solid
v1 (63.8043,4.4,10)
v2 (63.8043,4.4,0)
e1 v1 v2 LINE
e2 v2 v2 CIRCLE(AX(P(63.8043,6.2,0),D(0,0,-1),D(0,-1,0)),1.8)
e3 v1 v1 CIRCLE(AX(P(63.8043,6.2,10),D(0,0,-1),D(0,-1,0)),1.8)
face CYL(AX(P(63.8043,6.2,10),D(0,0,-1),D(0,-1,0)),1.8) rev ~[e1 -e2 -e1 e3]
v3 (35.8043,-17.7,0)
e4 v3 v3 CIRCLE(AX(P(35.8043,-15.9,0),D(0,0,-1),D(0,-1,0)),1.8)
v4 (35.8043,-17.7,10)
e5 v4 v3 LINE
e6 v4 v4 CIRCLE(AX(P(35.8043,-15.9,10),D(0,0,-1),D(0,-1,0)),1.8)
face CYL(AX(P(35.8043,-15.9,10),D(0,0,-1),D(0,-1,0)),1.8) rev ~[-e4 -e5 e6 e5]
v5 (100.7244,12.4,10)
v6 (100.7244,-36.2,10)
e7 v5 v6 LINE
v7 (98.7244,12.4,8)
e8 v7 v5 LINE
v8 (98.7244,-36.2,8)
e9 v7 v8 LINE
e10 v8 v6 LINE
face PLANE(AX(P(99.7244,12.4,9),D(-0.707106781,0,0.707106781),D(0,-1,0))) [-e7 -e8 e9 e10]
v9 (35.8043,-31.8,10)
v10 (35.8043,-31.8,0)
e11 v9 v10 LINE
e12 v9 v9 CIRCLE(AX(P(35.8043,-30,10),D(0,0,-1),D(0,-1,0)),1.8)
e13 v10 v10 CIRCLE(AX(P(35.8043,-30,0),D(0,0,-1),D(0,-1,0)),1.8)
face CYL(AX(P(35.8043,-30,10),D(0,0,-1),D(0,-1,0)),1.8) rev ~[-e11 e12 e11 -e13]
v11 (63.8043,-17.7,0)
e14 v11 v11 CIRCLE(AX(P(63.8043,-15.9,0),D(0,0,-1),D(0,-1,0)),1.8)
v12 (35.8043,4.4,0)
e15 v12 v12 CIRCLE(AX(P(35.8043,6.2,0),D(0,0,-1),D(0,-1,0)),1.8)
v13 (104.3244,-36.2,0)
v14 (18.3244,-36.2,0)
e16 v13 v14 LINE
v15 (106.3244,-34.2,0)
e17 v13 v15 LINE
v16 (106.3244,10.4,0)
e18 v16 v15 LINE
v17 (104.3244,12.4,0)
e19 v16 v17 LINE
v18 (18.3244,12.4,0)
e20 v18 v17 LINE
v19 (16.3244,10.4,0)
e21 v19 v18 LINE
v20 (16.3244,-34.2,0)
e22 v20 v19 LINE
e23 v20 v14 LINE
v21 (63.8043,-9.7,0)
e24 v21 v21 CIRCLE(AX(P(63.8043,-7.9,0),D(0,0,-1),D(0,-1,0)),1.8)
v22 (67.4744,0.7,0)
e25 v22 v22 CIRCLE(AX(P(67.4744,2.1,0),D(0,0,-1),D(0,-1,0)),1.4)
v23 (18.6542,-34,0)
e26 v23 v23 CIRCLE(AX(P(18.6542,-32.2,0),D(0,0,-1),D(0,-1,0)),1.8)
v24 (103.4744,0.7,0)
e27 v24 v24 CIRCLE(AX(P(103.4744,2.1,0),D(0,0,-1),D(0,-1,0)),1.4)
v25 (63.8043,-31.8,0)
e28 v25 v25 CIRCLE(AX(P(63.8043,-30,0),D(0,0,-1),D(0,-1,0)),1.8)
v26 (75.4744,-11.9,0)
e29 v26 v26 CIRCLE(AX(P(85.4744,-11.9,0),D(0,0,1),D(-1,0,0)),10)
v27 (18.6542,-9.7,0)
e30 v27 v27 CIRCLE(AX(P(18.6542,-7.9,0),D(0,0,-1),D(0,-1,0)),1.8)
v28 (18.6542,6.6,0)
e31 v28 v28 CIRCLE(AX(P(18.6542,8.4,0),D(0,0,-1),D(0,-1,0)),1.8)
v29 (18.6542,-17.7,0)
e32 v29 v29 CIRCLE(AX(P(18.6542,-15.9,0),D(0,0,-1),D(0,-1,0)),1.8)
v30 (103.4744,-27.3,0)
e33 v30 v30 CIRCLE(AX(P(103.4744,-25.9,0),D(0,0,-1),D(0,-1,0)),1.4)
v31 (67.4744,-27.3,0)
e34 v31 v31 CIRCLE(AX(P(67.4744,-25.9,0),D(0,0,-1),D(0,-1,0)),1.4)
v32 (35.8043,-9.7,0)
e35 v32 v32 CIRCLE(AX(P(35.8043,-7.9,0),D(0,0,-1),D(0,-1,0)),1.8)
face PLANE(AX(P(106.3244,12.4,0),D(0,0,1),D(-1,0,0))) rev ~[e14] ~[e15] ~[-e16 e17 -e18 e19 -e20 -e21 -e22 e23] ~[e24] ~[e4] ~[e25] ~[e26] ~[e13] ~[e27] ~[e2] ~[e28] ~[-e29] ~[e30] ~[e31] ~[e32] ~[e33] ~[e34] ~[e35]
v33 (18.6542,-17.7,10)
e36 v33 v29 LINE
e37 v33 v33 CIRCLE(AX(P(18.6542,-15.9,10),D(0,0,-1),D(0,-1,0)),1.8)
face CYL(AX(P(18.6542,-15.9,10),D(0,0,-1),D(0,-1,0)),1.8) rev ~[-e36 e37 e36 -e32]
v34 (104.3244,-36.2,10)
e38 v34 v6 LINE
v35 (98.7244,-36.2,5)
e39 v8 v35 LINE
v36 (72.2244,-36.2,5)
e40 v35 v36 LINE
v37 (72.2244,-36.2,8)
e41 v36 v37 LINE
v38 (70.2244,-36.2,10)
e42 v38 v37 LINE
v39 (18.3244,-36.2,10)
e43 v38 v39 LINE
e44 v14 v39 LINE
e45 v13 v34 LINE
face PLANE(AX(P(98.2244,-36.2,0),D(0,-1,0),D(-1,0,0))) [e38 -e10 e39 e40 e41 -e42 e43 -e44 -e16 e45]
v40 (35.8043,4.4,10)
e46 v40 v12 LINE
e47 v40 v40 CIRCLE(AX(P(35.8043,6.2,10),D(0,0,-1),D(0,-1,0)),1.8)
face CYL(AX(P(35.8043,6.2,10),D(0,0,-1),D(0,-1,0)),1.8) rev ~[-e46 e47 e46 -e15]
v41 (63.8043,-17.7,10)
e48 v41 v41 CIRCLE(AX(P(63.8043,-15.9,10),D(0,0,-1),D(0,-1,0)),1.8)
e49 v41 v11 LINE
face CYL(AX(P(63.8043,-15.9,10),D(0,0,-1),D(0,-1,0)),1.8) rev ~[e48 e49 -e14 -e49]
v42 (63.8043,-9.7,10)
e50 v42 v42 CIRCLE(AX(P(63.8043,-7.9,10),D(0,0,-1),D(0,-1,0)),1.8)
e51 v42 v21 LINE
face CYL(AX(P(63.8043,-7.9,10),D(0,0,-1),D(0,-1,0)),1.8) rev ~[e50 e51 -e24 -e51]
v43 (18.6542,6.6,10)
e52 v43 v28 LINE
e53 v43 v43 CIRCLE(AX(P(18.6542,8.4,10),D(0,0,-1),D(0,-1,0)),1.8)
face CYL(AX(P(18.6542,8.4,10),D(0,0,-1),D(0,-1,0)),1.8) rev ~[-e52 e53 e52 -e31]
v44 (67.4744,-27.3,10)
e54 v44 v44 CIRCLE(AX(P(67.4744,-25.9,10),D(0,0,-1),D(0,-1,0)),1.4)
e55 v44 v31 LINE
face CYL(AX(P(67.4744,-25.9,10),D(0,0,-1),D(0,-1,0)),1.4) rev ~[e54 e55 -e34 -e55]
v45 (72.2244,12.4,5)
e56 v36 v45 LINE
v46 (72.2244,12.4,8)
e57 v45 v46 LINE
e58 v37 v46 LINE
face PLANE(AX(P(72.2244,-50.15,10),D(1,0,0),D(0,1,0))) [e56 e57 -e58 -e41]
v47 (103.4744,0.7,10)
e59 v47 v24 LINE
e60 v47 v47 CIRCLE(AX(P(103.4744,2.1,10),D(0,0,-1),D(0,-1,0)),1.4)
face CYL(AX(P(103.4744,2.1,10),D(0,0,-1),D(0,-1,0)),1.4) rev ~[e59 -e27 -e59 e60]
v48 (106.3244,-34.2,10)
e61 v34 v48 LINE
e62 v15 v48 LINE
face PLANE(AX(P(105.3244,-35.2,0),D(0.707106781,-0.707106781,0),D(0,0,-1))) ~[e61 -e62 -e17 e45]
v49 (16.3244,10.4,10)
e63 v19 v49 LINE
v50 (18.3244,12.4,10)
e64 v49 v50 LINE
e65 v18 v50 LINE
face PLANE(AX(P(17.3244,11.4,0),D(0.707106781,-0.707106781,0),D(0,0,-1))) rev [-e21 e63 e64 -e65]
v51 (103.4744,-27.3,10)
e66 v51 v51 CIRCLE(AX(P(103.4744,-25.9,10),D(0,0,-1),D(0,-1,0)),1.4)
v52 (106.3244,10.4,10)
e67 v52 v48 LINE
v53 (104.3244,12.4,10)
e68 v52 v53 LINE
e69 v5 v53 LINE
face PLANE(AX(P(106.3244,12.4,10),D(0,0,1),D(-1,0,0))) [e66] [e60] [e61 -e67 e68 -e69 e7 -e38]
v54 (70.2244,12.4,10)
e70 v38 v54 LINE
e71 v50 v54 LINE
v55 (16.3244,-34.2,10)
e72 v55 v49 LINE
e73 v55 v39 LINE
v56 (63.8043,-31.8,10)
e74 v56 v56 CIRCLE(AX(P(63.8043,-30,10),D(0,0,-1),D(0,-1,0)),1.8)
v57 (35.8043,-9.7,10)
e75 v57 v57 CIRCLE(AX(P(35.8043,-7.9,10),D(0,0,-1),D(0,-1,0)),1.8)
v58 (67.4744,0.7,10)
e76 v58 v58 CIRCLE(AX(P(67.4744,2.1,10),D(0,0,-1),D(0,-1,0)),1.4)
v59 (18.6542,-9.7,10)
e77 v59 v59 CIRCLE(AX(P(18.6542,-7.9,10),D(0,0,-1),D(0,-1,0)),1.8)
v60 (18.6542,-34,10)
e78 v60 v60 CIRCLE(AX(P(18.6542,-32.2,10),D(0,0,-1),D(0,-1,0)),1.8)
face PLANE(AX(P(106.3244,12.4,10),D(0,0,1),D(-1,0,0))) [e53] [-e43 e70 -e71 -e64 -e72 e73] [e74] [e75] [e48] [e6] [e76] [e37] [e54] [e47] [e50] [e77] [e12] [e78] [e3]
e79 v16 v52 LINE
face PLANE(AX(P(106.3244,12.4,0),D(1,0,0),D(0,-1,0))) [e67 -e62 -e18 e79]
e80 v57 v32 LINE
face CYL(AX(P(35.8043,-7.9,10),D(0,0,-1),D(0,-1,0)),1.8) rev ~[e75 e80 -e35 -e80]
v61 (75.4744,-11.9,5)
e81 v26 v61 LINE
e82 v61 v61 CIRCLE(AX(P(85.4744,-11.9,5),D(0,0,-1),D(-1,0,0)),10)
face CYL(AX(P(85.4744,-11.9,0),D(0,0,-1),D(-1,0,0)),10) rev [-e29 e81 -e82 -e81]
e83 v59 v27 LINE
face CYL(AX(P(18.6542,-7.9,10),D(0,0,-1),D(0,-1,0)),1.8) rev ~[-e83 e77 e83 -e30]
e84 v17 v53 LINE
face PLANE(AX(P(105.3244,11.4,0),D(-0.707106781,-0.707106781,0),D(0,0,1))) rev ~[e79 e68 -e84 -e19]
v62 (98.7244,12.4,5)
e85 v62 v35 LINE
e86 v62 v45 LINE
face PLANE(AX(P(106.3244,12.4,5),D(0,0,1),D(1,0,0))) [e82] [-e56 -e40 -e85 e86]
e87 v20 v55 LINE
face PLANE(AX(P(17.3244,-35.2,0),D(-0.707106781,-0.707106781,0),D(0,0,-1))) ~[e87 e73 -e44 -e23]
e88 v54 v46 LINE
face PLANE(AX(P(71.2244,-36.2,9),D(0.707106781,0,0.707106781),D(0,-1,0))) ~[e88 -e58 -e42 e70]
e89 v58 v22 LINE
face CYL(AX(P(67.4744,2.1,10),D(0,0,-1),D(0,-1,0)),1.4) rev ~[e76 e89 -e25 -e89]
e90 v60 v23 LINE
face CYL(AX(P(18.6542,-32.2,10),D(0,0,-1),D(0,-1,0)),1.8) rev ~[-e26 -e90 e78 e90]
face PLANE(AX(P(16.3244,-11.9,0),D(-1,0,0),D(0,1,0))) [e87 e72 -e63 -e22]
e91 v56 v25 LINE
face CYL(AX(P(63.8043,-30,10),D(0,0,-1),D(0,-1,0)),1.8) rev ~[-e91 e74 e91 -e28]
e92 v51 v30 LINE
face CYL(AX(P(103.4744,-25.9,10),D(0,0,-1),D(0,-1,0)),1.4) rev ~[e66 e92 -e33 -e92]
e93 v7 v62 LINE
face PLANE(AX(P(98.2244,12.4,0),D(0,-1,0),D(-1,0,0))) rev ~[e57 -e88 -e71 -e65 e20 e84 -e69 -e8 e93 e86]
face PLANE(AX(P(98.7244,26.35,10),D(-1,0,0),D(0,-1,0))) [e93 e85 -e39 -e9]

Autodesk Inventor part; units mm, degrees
ref_plane "YZ Plane" through (0, 0, 0) normal (1, 0, 0) x (0, 1, 0)
ref_plane "XZ Plane" through (0, 0, 0) normal (0, 1, 0) x (-1, 0, 0)
ref_plane "XY Plane" through (0, 0, 0) normal (0, 0, 1) x (1, 0, 0)
ref_plane "Arbeitsebene1" through (0.2798, 48.6, 0) normal (0, 0, 1) x (1, 0, 0)
ref_plane "Arbeitsebene2" through (106.3244, 12.4, 0) normal (0, 0, 1) x (-1, 0, 0)
sketch "Skizze8" plane through (106.3244, 12.4, 0) normal (0, 0, 1) x (-1, 0, 0)
  circle A0 centre (8.6702, 4) radius 1.4 projected
  circle A1 centre (70.5201, 20.3) radius 1.4 projected
  circle A2 centre (8.6702, 20.3) radius 1.4 projected
  circle A3 centre (42.5201, 20.3) radius 1.4 projected
  circle A4 centre (42.5201, 6.2) radius 1.4 projected
  circle A5 centre (70.5201, 6.2) radius 1.4 projected
  circle A6 centre (87.6702, 20.3) radius 1.4 projected
  circle A7 centre (87.6702, 4) radius 1.4 projected
  line L0 (5, 0) -> (5, 24.3) projected
  line L1 (5, 0) -> (90, 0) projected
  line L2 (90, 24.3) -> (90, 0) projected
  line L3 (26.35, 24.3) -> (90, 24.3) projected
  arc A8 (15.35, 24.3) -> (26.35, 24.3) centre (20.85, 24.3) ccw projected
  line L4 (5, 24.3) -> (15.35, 24.3) projected
  circle A9 centre (8.6702, 44.6) radius 1.4 projected
  circle A10 centre (70.5201, 28.3) radius 1.4 projected
  circle A11 centre (8.6702, 28.3) radius 1.4 projected
  circle A12 centre (42.5201, 28.3) radius 1.4 projected
  circle A13 centre (42.5201, 42.4) radius 1.4 projected
  circle A14 centre (70.5201, 42.4) radius 1.4 projected
  circle A15 centre (87.6702, 28.3) radius 1.4 projected
  circle A16 centre (87.6702, 44.6) radius 1.4 projected
  line L5 (5, 48.6) -> (5, 24.3) projected
  line L6 (5, 24.3) -> (15.35, 24.3) projected
  arc A17 (26.35, 24.3) -> (15.35, 24.3) centre (20.85, 24.3) ccw projected
  line L7 (26.35, 24.3) -> (90, 24.3) projected
  line L8 (90, 24.3) -> (90, 48.6) projected
  line L9 (5, 48.6) -> (90, 48.6) projected
  line L10 (8.1, 62.05) -> (8.1, -13.45) projected
  circle A18 centre (20.85, 24.3) radius 10
  line L11 (5, 0) -> (0, 0)
  line L12 (0, 0) -> (0, 48.6)
  line L13 (0, 48.6) -> (5, 48.6)
  line L14 (5, 48.6) -> (5, 0)
  point P0 (106.3244, 12.4)
  point P1 (8.1, 48.6)
  point P2 (8.1, 45.8786)
  point P3 (8.1, 43.3214)
  point P4 (8.1, 29.5786)
  point P5 (8.1, 27.0214)
  point P6 (8.1, 21.5786)
  point P7 (8.1, 19.0214)
  point P8 (8.1, 5.2786)
  point P9 (8.1, 2.7214)
  point P10 (8.1, 0)
  dimension "d36" = 20
  dimension "d38" = 5
extrude "Extrusion6" add sketch "Skizze8" along normal blind 10 contours A0 L10 | A0 L10 A2 L4 A18 L3 L2 L1 | L10 A0 | A0 L10 L1 L0 L4 A2 | L10 A2 | A2 L10 | L11 L12 L13 L5 L0 | L10 A11 A9 L9 L8 L3 A18 L4 | L4 L5 L9 L10 A9 A11 | L10 A11 | A11 L10 | L10 A9 | A9 L10
sketch "Skizze9" plane through (106.3244, 12.4, 10) normal (0, 0, 1) x (1, 0, 0)
  arc A0 (-23.35, -48.1544) -> (-18.35, -48.1544) centre (-20.85, -49.3) ccw projected
  line L0 (-23.35, -48.1544) -> (-23.35, -0.4456) projected
  arc A1 (-18.35, -0.4456) -> (-23.35, -0.4456) centre (-20.85, 0.7) ccw projected
  line L1 (-18.35, -0.4456) -> (-18.35, -48.1544) projected
  line L2 (-33.6, 13.45) -> (-33.6, -62.05) projected
  line L3 (-33.6, -62.05) -> (-8.1, -62.05) projected
  line L4 (-8.1, -62.05) -> (-8.1, 13.45) projected
  line L5 (-8.1, 13.45) -> (-33.6, 13.45) projected
  line L6 (-34.1, -62.55) -> (-34.1, 13.95)
  line L7 (-34.1, 13.95) -> (-7.6, 13.95)
  line L8 (-7.6, 13.95) -> (-7.6, -62.55)
  line L9 (-7.6, -62.55) -> (-34.1, -62.55)
  point P0 (-106.3244, -12.4)
  dimension "d37" = 0.5
extrude "Extrusion7" cut sketch "Skizze9" against normal blind 5 contours L0 A1 L1 A0 | L5 L4 L3 L2 | L6 L7 L8 L9
chamfer "Fasen2" distance 2 angle 45 6 edges at (72.2244, -11.9, 10) (98.7244, -11.9, 10) (16.3244, -36.2, 5) (16.3244, 12.4, 5) (106.3244, 12.4, 5) (106.3244, -36.2, 5)
sketch "Skizze10" plane through (106.3244, 12.4, 10) normal (0, 0, 1) x (1, 0, 0)
  circle A0 centre (-87.6702, -44.6) radius 1.4 projected
  circle A1 centre (-70.5201, -42.4) radius 1.4 projected
  circle A2 centre (-42.5201, -28.3) radius 1.4 projected
  circle A3 centre (-70.5201, -28.3) radius 1.4 projected
  circle A4 centre (-42.5201, -42.4) radius 1.4 projected
  circle A5 centre (-87.6702, -28.3) radius 1.4 projected
  circle A6 centre (-70.5201, -20.3) radius 1.4 projected
  circle A7 centre (-42.5201, -20.3) radius 1.4 projected
  circle A8 centre (-42.5201, -6.2) radius 1.4 projected
  circle A9 centre (-70.5201, -6.2) radius 1.4 projected
  circle A10 centre (-87.6702, -20.3) radius 1.4 projected
  circle A11 centre (-87.6702, -4) radius 1.4 projected
  line L0 (-36.1, 0) -> (-36.1, -48.6) projected
  line L1 (-36.1, 0) -> (-88, 0) projected
  line L2 (-90, -2) -> (-90, -46.6) projected
  line L3 (-88, -48.6) -> (-36.1, -48.6) projected
  line L4 (-90, -2) -> (-88, 0) projected
  line L5 (-88, -48.6) -> (-90, -46.6) projected
  line L6 (0, -46.6) -> (-2, -48.6) projected
  line L7 (0, -46.6) -> (0, -2) projected
  line L8 (-2, 0) -> (0, -2) projected
  line L9 (-2, 0) -> (-5.6, 0) projected
  line L10 (-5.6, -48.6) -> (-5.6, 0) projected
  line L11 (-5.6, -48.6) -> (-2, -48.6) projected
  point P0 (-106.3244, -12.4)
hole "Bohrung3" at (18.6542, 8.4, 10) at (18.6542, -7.9, 10) at (18.6542, -32.2, 10) at (18.6542, -15.9, 10) at (35.8043, -15.9, 10) at (35.8043, -7.9, 10) at (35.8043, -30, 10) at (63.8043, -30, 10) at (63.8043, -15.9, 10) at (63.8043, -7.9, 10) at (63.8043, 6.2, 10) at (35.8043, 6.2, 10) direction (0, 0, -1) diameter 3.6 depth 15 tip angle 118
sketch "Skizze11" plane through (106.3244, 12.4, 10) normal (0, 0, 1) x (1, 0, 0)
  point P0 (-106.3244, -12.4)
sketch "Skizze12" plane through (106.3244, 12.4, 10) normal (0, 0, 1) x (1, 0, 0)
  circle A0 centre (-70.5201, -6.2) radius 1.8 projected
  circle A1 centre (-42.5201, -6.2) radius 1.8 projected
  circle A2 centre (-42.5201, -20.3) radius 1.8 projected
  circle A3 centre (-42.5201, -28.3) radius 1.8 projected
  circle A4 centre (-42.5201, -42.4) radius 1.8 projected
  circle A5 centre (-70.5201, -42.4) radius 1.8 projected
  circle A6 centre (-70.5201, -20.3) radius 1.8 projected
  circle A7 centre (-70.5201, -28.3) radius 1.8 projected
  circle A8 centre (-87.6702, -28.3) radius 1.8 projected
  circle A9 centre (-87.6702, -44.6) radius 1.8 projected
  circle A10 centre (-87.6702, -20.3) radius 1.8 projected
  circle A11 centre (-87.6702, -4) radius 1.8 projected
  line L0 (-36.1, 0) -> (-36.1, -48.6) projected
  line L1 (-36.1, 0) -> (-88, 0) projected
  line L2 (-90, -2) -> (-90, -46.6) projected
  line L3 (-88, -48.6) -> (-36.1, -48.6) projected
  circle A12 centre (-20.85, -24.3) radius 10 projected
  line L4 (-38.85, -38.3) -> (-2.85, -38.3)
  line L5 (-2.85, -38.3) -> (-2.85, -10.3)
  line L6 (-2.85, -10.3) -> (-38.85, -10.3)
  line L7 (-38.85, -10.3) -> (-38.85, -38.3)
  line L8 (-38.85, -38.3) -> (-2.85, -10.3) construction
  line L9 (-2.85, -38.3) -> (-38.85, -10.3) construction
  line L10 (-90, -2) -> (-88, 0) projected
  line L11 (-88, -48.6) -> (-90, -46.6) projected
  line L12 (0, -46.6) -> (-2, -48.6) projected
  line L13 (0, -46.6) -> (0, -2) projected
  line L14 (-2, 0) -> (0, -2) projected
  line L15 (-2, 0) -> (-5.6, 0) projected
  line L16 (-5.6, -48.6) -> (-5.6, 0) projected
  line L17 (-5.6, -48.6) -> (-2, -48.6) projected
  point P0 (-106.3244, -12.4)
  dimension "d51" = 36
  dimension "d52" = 28
hole "Bohrung4" at (67.4744, 2.1, 10) at (67.4744, -25.9, 10) at (103.4744, 2.1, 10) at (103.4744, -25.9, 10) direction (0, 0, -1) diameter 2.8 depth 15 tip angle 118
properties part number "60_Planktoscope_Sampleholder"
